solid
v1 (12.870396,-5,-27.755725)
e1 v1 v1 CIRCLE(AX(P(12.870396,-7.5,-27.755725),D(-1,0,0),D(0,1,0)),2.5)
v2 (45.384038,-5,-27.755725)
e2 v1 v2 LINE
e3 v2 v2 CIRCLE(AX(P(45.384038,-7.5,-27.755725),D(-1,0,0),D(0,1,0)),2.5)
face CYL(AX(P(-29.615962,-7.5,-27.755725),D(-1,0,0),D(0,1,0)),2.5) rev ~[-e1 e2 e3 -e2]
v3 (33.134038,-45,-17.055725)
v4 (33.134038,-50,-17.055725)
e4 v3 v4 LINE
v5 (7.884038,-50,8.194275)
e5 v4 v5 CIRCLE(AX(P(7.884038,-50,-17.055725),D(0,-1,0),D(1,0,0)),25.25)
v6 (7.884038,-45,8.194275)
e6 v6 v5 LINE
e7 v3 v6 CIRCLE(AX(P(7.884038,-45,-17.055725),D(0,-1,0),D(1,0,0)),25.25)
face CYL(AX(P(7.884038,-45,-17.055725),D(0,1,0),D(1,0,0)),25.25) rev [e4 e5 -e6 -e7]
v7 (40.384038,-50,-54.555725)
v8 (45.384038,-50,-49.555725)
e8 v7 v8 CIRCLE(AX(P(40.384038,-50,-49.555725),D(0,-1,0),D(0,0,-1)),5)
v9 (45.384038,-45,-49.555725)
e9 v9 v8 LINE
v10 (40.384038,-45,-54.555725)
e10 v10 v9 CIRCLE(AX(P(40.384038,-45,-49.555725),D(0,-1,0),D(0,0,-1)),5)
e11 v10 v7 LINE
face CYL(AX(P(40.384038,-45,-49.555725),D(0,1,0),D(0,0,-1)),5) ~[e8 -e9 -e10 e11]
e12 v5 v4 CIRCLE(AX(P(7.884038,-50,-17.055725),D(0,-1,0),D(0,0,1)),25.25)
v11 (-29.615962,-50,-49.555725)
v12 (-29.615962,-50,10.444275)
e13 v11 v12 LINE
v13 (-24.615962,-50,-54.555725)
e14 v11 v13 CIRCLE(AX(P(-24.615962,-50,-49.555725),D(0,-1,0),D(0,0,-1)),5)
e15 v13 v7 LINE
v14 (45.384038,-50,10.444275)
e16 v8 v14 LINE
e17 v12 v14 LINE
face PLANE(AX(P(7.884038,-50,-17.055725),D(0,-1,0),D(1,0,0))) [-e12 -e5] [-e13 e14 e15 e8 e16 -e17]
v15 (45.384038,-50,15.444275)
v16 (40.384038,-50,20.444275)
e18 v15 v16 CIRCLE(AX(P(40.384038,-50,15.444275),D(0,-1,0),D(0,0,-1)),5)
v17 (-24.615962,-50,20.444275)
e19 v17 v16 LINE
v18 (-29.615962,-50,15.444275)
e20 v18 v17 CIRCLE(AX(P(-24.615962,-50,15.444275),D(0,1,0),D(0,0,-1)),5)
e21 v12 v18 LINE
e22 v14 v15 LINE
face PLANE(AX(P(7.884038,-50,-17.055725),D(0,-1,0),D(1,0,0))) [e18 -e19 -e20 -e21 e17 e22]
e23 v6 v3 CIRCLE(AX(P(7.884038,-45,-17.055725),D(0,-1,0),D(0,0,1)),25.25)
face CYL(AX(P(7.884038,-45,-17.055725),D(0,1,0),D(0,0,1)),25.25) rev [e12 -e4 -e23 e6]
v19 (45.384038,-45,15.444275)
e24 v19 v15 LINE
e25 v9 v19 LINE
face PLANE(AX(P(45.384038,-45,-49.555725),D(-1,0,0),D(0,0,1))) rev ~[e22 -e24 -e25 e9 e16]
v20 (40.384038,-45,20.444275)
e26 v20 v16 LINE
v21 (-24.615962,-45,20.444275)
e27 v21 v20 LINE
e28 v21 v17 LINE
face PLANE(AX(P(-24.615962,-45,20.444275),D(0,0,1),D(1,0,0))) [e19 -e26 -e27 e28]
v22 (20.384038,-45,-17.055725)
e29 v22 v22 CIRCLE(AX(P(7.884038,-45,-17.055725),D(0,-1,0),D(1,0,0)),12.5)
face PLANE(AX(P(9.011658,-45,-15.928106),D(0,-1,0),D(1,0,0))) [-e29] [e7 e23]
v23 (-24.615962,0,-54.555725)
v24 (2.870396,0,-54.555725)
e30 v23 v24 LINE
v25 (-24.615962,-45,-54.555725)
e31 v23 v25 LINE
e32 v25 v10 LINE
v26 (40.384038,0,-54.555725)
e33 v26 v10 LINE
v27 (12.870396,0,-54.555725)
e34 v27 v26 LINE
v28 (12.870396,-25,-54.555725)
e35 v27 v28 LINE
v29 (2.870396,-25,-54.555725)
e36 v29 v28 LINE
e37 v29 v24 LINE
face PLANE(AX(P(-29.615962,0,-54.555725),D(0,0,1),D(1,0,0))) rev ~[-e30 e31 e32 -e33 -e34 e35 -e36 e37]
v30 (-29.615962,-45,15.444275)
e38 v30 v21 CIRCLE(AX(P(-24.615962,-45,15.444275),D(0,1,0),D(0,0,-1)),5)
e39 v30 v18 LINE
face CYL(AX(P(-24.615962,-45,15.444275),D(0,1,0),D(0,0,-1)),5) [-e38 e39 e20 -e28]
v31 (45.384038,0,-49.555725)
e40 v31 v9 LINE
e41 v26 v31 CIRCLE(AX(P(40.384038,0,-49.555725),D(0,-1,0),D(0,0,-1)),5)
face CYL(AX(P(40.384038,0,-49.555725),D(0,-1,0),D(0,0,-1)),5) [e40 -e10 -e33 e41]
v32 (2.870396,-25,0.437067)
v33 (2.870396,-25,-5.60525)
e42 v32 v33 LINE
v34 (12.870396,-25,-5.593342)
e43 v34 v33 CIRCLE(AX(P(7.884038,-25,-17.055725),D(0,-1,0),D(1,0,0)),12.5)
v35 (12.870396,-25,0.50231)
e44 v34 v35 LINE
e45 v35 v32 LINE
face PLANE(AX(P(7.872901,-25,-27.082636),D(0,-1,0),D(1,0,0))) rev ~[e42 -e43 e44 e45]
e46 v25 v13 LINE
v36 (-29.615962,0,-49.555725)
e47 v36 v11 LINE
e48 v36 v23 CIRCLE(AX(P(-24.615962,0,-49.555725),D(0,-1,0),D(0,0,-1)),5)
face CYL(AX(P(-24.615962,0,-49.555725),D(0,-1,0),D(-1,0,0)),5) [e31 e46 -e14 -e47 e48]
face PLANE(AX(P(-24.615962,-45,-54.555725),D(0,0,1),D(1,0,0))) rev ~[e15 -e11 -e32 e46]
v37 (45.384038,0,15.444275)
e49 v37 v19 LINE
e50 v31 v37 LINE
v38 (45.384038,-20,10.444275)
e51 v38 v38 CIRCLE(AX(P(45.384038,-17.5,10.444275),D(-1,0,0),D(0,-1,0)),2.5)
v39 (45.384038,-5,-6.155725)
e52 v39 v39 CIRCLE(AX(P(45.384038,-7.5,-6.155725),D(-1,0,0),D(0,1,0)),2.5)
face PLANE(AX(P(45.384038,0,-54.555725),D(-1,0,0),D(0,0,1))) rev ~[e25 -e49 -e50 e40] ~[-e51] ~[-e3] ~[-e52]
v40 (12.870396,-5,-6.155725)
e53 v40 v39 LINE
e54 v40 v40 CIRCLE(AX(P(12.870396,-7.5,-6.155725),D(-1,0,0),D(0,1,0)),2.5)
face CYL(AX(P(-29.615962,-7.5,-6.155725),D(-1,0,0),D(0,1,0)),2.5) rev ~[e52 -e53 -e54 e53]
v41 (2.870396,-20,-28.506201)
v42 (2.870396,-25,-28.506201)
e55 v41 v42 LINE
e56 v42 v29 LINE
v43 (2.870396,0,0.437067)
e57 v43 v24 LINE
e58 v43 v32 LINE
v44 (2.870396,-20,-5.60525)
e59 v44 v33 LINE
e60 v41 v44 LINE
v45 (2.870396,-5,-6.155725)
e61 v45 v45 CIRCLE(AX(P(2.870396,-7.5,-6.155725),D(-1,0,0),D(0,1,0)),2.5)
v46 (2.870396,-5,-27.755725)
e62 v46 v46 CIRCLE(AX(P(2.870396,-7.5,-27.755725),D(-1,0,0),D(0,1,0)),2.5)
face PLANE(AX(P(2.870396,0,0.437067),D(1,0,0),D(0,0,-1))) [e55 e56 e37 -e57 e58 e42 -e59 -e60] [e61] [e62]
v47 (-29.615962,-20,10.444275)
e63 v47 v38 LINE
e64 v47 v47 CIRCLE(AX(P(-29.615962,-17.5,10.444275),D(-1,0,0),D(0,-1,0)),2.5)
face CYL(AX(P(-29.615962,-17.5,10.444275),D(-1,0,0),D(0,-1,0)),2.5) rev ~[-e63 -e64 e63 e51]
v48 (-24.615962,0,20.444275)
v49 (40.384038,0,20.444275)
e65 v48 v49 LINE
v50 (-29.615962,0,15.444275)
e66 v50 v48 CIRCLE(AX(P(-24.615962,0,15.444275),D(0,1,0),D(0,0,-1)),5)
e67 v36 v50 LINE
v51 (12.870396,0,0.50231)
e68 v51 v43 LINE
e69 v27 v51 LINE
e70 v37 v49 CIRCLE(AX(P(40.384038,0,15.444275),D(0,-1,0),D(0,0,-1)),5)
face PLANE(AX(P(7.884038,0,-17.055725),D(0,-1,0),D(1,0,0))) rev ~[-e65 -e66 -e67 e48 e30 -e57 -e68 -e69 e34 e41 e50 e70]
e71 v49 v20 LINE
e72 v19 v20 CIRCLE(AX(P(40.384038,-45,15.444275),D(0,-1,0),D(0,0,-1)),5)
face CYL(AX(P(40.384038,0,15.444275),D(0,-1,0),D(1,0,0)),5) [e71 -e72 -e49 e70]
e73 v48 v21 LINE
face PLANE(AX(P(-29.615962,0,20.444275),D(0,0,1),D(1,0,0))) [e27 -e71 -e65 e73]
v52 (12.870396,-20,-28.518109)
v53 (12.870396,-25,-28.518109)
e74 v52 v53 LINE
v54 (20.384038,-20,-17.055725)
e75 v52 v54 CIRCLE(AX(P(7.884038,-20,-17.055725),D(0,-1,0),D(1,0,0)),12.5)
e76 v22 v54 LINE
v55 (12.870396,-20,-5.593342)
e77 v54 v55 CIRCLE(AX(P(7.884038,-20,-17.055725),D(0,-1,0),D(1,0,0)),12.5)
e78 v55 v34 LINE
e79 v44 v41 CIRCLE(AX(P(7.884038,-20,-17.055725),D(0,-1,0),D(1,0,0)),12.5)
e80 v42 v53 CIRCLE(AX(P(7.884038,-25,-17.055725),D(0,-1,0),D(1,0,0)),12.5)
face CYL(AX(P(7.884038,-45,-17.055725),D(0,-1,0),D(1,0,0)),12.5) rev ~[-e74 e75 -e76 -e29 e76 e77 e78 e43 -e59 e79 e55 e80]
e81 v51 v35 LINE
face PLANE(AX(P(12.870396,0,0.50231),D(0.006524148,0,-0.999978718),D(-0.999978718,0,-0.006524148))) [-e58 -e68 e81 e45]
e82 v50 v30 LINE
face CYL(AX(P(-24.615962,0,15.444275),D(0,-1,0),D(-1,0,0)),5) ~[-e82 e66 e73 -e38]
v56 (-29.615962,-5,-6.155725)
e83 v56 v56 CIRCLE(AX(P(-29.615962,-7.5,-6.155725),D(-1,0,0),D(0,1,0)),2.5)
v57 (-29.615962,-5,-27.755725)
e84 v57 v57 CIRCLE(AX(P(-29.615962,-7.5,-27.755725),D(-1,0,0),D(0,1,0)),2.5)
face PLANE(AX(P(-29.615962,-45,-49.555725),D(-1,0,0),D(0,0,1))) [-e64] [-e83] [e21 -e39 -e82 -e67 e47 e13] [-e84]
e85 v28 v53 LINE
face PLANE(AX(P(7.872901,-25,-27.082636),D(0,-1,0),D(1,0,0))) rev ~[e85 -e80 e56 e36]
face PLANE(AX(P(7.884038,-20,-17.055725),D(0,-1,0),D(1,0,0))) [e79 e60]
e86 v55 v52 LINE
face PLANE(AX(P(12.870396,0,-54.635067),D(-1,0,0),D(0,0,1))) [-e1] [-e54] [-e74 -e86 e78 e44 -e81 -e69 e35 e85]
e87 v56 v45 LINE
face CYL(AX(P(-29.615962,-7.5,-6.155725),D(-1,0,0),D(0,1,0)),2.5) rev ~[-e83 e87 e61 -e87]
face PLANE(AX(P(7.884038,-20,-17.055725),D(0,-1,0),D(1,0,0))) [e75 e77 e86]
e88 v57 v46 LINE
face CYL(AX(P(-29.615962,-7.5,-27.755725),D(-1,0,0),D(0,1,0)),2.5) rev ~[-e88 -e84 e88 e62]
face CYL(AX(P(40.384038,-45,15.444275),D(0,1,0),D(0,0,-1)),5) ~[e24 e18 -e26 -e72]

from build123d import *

# Parameters (mm, degrees)
F0_W      = 75
F0_H      = 75
F1_DEPTH  = 45
F2_R      = 5
F3_R      = 12.5
F4_DEPTH  = 25
F7_DEPTH  = 25
F9_DEPTH  = 75.001
F10_DEPTH = 25
F11_R     = 2.5
F12_DEPTH = 75.001
F13_DEPTH = 25
F14_DEPTH = 20


with BuildPart() as f1:
    # F0 (on Front) → F1 (new body)
    with BuildSketch(Plane.XZ):
        with Locations((7.8840382397, -17.0557253063)):
            Rectangle(F0_W, F0_H)
    extrude(amount=F1_DEPTH)

    # F2
    f2_edges = [f1.edges().sort_by_distance(p)[0] for p in [
        (-29.615962, -22.5, 20.444275),
        (-29.615962, -22.5, -54.555725),
        (45.384038, -22.5, -54.555725),
        (45.384038, -22.5, 20.444275),
    ]]
    fillet(f2_edges, radius=F2_R)

    # F3 (on face) → F4 (cut)
    with BuildSketch(Plane.XZ.offset(45)):
        with Locations((7.8840382397, -17.0557253063)):
            Circle(F3_R)
    extrude(amount=-F4_DEPTH, mode=Mode.SUBTRACT)

    # F6 (on face) → F7 (cut)
    with BuildSketch(Plane.XZ):
        Polygon((12.8703957796, 0.5023097037), (2.8703957796, 0.4370668321), (2.8703957796, -54.635066539), (12.8703957796, -54.635066539), align=None)
    extrude(amount=F7_DEPTH, mode=Mode.SUBTRACT)

    # F8 (on face) → F9 (cut, through all)
    with BuildSketch(Plane(origin=(-29.6159617603, 0, 0), x_dir=(0, -1, 0), z_dir=(-1, 0, 0))):
        with BuildLine():
            ThreePointArc((10, -27.7557253063), (7.5, -25.2557253063), (5, -27.7557253063))
            ThreePointArc((5, -27.7557253063), (7.5, -30.2557253063), (10, -27.7557253063))
        make_face()
        with BuildLine():
            ThreePointArc((10, -6.1557253063), (7.5, -3.6557253063), (5, -6.1557253063))
            ThreePointArc((5, -6.1557253063), (7.5, -8.6557253063), (10, -6.1557253063))
        make_face()
    extrude(amount=-F9_DEPTH, mode=Mode.SUBTRACT)

    # F10 (add): a face of the model
    f10_faces = [f1.faces().sort_by_distance(p)[0] for p in [
        (44.3233780679, -45, -17.0557253063),
    ]]
    extrude(f10_faces, amount=F10_DEPTH)

    # F11 (on face) → F12 (cut, through all)
    with BuildSketch(Plane(origin=(-29.6159617603, 0, 0), x_dir=(0, -1, 0), z_dir=(-1, 0, 0))):
        with BuildLine():
            ThreePointArc((55, 10.4442746937), (54.267766953, 12.2120416467), (52.5, 12.9442746937))
            Line((52.5, 12.9442746937), (52.5, 10.4442746937))
            Line((52.5, 10.4442746937), (50, 10.4442746937))
            ThreePointArc((50, 10.4442746937), (52.5, 7.9442746937), (55, 10.4442746937))
        make_face()
        with Locations((17.5, 10.4442746937)):
            Circle(F11_R)
        with BuildLine():
            Line((52.5, 10.4442746937), (52.5, 12.9442746937))
            ThreePointArc((52.5, 12.9442746937), (50.732233047, 12.2120416467), (50, 10.4442746937))
            Line((50, 10.4442746937), (52.5, 10.4442746937))
        make_face()
    extrude(amount=-F12_DEPTH, mode=Mode.SUBTRACT)

    # F5 (on face) → F13 (cut)
    with BuildSketch(Plane.XZ.offset(45)):
        with BuildLine():
            ThreePointArc((7.8840382397, 8.1942746937), (-9.9704079852, -34.9101715312), (33.1340382397, -17.0557253063))
            ThreePointArc((33.1340382397, -17.0557253063), (25.7384844647, 0.7987209187), (7.8840382397, 8.1942746937))
        make_face()
    extrude(amount=F13_DEPTH, mode=Mode.SUBTRACT)

    # F14 (cut): a face of the model
    f14_faces = [f1.faces().sort_by_distance(p)[0] for p in [
        (44.3233780679, -70, -17.0557253063),
    ]]
    extrude(f14_faces, amount=-F14_DEPTH, mode=Mode.SUBTRACT)


solid = f1.part
